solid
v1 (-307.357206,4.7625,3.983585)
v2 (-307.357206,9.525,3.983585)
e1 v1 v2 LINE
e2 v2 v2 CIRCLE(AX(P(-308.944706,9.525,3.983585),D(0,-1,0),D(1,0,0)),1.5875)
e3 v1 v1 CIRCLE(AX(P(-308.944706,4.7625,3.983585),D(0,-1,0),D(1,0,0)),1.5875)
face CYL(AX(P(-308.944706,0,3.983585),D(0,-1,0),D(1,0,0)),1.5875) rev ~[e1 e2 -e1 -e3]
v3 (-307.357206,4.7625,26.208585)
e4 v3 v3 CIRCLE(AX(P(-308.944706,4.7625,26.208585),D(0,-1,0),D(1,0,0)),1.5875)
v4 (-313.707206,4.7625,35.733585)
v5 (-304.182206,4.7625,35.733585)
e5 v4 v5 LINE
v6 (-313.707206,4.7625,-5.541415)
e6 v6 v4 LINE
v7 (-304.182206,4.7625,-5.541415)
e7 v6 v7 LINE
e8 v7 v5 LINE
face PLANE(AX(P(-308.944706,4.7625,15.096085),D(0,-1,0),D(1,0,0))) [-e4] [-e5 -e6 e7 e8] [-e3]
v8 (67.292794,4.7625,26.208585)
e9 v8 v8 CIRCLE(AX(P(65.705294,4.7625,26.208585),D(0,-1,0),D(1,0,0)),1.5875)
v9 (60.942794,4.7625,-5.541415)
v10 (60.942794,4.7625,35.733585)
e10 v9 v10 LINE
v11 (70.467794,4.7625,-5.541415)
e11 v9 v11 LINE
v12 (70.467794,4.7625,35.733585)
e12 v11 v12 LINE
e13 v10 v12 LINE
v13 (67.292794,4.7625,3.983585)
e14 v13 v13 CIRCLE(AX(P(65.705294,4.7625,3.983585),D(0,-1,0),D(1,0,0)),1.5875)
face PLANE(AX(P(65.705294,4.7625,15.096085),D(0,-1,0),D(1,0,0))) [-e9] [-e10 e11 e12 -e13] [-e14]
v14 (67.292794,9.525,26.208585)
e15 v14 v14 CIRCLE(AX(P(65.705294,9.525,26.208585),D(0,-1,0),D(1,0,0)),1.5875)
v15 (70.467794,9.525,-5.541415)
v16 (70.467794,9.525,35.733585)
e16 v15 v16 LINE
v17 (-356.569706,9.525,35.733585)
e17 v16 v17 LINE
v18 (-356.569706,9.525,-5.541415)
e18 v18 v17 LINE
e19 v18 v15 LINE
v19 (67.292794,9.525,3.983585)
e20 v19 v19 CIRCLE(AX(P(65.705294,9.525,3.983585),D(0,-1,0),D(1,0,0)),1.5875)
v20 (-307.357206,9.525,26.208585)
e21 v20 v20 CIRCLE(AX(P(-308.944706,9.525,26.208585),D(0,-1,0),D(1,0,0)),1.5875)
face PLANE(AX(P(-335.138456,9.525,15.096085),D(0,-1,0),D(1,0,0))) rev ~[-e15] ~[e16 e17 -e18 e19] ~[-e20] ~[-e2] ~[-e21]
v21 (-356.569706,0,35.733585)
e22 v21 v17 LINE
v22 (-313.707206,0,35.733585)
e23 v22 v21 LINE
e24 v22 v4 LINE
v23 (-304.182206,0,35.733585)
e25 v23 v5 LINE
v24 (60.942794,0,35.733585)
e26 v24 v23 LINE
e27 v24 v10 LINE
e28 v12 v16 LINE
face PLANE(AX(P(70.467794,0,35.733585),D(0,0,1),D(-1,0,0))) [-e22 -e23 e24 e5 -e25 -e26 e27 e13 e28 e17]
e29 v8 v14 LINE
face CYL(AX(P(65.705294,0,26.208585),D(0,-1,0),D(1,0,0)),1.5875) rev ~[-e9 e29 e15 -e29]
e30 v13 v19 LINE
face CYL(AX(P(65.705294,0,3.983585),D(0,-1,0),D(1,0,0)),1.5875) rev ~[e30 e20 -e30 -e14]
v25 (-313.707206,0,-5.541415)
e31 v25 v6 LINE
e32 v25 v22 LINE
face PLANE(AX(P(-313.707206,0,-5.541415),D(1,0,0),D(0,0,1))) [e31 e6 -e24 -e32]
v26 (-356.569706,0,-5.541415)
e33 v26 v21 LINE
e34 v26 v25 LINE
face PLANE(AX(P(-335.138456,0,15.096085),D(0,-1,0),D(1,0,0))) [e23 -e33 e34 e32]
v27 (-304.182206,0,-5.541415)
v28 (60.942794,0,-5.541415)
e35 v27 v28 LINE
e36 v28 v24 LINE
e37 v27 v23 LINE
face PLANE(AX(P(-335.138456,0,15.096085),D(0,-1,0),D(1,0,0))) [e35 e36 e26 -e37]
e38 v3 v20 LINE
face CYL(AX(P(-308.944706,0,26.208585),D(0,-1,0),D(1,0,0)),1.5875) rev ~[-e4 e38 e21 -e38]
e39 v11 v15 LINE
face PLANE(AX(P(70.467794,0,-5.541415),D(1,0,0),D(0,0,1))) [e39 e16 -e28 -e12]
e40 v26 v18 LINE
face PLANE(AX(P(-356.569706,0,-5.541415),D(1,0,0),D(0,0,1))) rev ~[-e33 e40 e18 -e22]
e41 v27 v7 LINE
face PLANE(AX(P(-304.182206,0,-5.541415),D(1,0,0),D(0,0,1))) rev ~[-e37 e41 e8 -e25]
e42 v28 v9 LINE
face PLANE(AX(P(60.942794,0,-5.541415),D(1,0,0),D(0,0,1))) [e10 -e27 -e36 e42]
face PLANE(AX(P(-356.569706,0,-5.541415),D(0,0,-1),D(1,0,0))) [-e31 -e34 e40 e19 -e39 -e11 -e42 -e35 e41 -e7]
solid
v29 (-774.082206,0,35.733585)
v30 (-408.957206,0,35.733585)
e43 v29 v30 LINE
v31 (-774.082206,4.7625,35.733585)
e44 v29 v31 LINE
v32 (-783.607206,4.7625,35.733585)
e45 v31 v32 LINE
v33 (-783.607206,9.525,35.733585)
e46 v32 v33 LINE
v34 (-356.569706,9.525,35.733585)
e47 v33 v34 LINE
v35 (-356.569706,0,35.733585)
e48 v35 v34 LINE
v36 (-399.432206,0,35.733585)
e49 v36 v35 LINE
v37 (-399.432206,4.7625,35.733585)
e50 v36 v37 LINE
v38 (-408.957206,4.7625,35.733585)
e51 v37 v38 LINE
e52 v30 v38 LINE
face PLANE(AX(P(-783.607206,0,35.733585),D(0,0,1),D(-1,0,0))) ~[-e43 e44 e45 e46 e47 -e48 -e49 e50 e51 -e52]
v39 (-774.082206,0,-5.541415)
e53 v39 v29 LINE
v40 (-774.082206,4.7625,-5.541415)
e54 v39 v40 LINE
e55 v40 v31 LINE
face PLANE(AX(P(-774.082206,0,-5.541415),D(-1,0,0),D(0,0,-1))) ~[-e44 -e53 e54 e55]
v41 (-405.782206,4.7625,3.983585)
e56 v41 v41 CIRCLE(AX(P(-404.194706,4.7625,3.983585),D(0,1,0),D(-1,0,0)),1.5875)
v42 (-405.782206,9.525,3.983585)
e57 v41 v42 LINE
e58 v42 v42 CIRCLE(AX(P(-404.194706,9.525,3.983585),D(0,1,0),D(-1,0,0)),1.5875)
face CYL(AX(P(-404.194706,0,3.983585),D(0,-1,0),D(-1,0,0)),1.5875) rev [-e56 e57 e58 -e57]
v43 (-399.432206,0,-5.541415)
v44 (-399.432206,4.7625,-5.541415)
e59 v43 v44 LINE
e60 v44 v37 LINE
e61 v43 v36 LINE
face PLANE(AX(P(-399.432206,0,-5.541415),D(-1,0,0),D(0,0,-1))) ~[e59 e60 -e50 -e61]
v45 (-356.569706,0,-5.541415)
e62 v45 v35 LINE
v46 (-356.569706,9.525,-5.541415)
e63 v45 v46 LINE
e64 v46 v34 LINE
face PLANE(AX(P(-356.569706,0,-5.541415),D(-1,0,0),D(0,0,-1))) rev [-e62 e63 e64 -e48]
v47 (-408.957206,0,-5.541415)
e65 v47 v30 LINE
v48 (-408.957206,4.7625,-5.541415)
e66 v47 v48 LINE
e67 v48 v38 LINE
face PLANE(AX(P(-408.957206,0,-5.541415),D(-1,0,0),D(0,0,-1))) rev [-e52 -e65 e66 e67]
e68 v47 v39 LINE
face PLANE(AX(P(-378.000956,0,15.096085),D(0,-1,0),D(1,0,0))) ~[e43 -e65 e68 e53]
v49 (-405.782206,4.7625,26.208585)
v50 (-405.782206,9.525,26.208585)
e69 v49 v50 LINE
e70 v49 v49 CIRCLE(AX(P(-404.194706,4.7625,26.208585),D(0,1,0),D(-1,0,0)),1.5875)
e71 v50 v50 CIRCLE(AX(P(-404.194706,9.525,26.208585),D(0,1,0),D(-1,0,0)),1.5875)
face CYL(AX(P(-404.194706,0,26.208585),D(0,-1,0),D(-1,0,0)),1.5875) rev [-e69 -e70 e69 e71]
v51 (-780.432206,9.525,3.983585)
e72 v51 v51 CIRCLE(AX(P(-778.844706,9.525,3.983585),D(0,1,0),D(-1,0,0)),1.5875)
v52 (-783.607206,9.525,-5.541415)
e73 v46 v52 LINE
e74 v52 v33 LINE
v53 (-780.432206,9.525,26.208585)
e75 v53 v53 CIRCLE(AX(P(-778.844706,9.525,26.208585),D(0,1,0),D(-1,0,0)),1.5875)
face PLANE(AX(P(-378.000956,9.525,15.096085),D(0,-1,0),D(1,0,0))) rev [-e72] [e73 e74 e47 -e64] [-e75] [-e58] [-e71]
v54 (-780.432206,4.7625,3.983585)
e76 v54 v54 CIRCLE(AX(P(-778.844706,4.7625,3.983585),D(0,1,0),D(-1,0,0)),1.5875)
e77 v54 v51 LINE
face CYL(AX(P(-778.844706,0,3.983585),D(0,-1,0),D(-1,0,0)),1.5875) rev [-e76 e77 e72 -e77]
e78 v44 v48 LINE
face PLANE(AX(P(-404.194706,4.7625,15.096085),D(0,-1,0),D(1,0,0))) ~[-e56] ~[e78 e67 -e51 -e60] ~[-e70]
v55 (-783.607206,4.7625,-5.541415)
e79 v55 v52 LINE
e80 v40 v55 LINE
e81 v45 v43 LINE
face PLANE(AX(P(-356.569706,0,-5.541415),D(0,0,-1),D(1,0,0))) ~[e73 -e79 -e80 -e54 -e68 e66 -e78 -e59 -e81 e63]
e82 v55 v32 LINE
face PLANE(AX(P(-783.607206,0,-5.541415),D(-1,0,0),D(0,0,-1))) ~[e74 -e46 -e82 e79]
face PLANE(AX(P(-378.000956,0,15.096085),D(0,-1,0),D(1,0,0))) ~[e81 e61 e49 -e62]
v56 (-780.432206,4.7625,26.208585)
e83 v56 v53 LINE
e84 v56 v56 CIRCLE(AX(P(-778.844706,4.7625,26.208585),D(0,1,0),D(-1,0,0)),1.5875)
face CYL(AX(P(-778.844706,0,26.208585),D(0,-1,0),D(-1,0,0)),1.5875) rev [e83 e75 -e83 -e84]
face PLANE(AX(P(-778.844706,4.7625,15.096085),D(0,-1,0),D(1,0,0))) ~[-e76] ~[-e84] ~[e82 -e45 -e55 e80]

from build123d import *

# Parameters (mm, degrees)
F0_W     = 42.8625
F0_H     = 41.275
F0_W_2   = 9.525
F0_R     = 1.5875
F0_W_3   = 365.125
F1_DEPTH = 9.525
F2_DEPTH = 4.7625


with BuildPart() as f1:
    # F0 (on Front) → F1 (new body)
    with BuildSketch(Plane.XZ):
        with Locations((-335.1384558707, 15.0960850042)):
            Rectangle(F0_W, F0_H)
        with Locations((-308.9447058707, 15.0960850042)):
            Rectangle(F0_W_2, F0_H)
        with Locations((-308.9447058707, 3.9835850042)):
            Circle(F0_R, mode=Mode.SUBTRACT)
        with Locations((-308.9447058707, 26.2085850042)):
            Circle(F0_R, mode=Mode.SUBTRACT)
        with Locations((-121.6197058707, 15.0960850042)):
            Rectangle(F0_W_3, F0_H)
        with Locations((65.7052941293, 15.0960850042)):
            Rectangle(F0_W_2, F0_H)
        with Locations((65.7052941293, 3.9835850042)):
            Circle(F0_R, mode=Mode.SUBTRACT)
        with Locations((65.7052941293, 26.2085850042)):
            Circle(F0_R, mode=Mode.SUBTRACT)
    extrude(amount=-F1_DEPTH)

    # F0 (on Front) → F2 (cut)
    with BuildSketch(Plane.XZ):
        with Locations((65.7052941293, 15.0960850042)):
            Rectangle(F0_W_2, F0_H)
        with Locations((65.7052941293, 3.9835850042)):
            Circle(F0_R, mode=Mode.SUBTRACT)
        with Locations((65.7052941293, 26.2085850042)):
            Circle(F0_R, mode=Mode.SUBTRACT)
        with Locations((-308.9447058707, 15.0960850042)):
            Rectangle(F0_W_2, F0_H)
        with Locations((-308.9447058707, 3.9835850042)):
            Circle(F0_R, mode=Mode.SUBTRACT)
        with Locations((-308.9447058707, 26.2085850042)):
            Circle(F0_R, mode=Mode.SUBTRACT)
    extrude(amount=-F2_DEPTH, mode=Mode.SUBTRACT)


with BuildPart() as f3_1:
    # F3: instance of F1
    add(f1.part.mirror(Plane(origin=(-356.5697058707, 4.7625, 15.0960850042), x_dir=(0, -1, 0), z_dir=(-1, 0, 0))))


solid = Compound([f1.part, f3_1.part])
